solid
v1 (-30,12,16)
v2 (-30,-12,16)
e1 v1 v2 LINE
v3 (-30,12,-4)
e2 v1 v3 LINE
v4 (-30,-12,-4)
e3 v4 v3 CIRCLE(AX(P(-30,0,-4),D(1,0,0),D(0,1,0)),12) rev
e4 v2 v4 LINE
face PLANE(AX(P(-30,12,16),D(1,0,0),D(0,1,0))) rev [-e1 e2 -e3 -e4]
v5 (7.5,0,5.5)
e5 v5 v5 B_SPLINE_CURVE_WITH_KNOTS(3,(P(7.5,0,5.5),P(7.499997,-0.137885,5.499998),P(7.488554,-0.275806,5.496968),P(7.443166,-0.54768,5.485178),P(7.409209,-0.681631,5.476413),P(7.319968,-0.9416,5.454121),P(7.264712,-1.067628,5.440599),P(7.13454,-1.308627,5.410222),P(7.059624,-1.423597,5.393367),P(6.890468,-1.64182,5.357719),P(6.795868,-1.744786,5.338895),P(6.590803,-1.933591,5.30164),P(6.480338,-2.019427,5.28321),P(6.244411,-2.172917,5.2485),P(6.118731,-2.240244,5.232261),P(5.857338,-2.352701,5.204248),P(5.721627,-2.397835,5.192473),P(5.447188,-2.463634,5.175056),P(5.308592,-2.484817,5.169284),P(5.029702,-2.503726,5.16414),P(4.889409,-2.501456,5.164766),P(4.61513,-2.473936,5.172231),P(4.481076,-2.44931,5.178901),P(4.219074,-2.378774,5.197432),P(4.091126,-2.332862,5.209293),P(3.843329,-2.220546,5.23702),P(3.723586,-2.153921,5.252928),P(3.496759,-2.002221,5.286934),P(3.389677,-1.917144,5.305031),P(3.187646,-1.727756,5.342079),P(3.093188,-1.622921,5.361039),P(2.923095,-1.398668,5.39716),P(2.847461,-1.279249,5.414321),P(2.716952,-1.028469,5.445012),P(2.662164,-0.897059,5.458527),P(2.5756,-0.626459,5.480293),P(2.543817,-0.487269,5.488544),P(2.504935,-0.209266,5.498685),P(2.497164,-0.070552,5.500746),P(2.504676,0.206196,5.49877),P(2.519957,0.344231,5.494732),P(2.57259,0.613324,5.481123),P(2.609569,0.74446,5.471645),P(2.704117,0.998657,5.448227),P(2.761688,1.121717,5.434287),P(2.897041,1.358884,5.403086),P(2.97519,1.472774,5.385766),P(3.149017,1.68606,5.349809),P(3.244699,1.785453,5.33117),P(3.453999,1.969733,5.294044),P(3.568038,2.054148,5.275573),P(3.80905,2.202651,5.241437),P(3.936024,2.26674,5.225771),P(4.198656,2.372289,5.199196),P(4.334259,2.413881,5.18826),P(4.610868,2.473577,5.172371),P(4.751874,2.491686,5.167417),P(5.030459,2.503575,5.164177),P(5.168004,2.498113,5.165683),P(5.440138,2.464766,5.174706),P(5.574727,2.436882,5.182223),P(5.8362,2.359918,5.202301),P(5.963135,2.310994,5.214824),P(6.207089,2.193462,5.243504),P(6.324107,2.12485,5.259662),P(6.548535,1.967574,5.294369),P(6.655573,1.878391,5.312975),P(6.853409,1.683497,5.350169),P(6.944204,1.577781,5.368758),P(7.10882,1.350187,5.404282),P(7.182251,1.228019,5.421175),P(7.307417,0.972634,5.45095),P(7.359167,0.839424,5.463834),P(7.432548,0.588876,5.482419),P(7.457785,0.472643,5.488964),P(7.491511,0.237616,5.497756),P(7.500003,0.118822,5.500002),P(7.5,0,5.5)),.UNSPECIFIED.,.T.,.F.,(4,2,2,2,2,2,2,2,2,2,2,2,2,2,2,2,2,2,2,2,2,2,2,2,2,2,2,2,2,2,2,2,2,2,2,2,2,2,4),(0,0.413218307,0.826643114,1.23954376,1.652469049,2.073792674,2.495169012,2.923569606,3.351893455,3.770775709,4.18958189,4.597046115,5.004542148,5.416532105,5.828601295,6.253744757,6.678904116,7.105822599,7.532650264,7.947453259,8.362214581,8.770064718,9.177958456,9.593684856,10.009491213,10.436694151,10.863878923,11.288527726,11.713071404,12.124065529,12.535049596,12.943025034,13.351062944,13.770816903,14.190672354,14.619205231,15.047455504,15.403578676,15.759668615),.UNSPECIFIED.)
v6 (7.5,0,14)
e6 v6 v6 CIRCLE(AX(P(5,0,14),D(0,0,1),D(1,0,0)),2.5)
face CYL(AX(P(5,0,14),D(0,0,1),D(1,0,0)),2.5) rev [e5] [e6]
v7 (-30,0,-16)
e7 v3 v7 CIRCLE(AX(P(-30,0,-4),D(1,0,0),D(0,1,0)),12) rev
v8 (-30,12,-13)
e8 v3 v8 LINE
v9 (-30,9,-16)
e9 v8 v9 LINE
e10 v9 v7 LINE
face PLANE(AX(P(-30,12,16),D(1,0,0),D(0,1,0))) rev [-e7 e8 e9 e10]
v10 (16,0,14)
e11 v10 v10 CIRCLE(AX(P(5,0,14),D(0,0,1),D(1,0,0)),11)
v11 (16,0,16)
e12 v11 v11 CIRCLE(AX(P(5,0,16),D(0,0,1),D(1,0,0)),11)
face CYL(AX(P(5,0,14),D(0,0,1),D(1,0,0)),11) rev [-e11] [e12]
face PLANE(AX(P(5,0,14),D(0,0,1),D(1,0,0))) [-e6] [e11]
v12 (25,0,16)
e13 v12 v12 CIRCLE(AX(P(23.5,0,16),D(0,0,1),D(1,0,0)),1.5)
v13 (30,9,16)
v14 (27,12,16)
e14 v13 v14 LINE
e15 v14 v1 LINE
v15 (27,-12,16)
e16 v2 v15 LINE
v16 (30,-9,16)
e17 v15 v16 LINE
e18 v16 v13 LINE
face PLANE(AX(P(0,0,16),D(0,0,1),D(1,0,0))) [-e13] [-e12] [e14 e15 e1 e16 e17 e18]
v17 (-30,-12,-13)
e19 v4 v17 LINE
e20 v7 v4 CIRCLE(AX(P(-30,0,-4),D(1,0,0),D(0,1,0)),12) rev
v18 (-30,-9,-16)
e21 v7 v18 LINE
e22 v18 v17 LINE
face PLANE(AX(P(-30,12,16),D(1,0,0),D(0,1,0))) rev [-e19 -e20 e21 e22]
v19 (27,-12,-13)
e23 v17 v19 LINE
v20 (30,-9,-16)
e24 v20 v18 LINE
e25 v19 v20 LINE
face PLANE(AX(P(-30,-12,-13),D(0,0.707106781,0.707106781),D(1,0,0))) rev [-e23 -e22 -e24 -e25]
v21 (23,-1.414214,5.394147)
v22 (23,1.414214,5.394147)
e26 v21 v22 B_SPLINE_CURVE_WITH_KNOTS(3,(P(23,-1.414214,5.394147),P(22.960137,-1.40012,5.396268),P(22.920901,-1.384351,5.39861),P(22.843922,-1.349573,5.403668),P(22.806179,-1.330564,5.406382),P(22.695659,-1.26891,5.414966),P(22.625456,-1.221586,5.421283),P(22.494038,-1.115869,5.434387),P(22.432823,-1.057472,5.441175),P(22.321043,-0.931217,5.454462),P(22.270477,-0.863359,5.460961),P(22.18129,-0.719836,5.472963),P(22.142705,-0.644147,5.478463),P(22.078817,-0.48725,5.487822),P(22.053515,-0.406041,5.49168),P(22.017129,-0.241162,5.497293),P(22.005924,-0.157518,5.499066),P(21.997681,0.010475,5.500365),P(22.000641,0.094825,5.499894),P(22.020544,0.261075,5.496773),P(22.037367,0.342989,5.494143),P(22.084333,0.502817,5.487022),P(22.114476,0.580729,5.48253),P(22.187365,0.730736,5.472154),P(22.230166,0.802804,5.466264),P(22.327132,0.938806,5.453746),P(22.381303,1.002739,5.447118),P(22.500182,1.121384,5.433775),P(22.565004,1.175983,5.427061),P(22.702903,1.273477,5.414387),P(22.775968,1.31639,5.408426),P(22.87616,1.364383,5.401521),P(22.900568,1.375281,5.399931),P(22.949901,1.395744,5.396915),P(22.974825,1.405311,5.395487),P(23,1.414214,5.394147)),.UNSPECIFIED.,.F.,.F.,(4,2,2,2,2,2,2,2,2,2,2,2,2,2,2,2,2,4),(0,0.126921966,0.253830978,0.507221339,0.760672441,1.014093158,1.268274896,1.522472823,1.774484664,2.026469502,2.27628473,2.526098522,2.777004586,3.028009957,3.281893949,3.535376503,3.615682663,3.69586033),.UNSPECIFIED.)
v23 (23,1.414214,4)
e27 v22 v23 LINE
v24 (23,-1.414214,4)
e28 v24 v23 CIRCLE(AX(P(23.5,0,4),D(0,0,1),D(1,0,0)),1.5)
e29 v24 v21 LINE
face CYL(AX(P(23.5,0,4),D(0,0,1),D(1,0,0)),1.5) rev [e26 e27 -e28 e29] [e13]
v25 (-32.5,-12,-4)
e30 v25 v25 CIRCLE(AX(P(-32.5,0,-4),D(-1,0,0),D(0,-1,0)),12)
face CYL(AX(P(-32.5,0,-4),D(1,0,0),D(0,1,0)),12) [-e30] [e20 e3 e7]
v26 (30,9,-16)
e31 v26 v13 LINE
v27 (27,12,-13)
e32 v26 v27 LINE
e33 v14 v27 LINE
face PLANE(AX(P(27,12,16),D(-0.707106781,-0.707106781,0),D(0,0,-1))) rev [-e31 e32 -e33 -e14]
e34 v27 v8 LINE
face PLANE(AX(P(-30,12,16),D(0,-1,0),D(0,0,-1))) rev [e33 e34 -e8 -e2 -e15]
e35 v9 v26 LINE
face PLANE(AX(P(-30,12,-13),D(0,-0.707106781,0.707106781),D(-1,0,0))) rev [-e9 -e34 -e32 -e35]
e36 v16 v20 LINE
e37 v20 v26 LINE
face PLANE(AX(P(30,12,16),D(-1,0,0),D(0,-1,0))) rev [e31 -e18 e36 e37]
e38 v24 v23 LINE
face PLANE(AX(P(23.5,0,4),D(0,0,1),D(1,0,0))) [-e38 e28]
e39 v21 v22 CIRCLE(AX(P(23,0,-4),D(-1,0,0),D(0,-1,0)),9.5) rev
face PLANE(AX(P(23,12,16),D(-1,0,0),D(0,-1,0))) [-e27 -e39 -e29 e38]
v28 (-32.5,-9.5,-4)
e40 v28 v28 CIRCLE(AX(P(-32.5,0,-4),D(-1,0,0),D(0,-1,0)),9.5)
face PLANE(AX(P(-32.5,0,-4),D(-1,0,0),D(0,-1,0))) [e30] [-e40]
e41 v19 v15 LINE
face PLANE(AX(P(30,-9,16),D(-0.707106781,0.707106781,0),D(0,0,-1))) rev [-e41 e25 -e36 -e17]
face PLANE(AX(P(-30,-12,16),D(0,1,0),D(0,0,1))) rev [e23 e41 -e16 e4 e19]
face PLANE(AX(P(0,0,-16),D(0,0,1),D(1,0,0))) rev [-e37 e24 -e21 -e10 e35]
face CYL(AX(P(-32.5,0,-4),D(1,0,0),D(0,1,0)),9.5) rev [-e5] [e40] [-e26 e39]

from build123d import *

# Parameters (mm, degrees)
SKETCH1_W             = 60
SKETCH1_H             = 24
BOSS_EXTRUDE1_DEPTH   = 16
CHAMFER1_SIZE         = 3
SKETCH2_R             = 11
CUT_EXTRUDE1_DEPTH    = 2
SKETCH3_R             = 12
SKETCH3_R_2           = 9.5
BOSS_EXTRUDE2_DEPTH   = 2.5
CUT_EXTRUDE2_START    = -53
SKETCH4_R             = 9.5
CUT_EXTRUDE2_DEPTH    = 53
CHAMFER2_SIZE         = 3
SKETCH5_R             = 1.5
CUT_EXTRUDE3_DEPTH    = 12
M6_TAPPED_HOLE1_D     = 5
M6_TAPPED_HOLE1_DEPTH = 12
M6_TAPPED_HOLE1_TIP   = 1.502151548


with BuildPart() as part:
    # Sketch1 → Boss-Extrude1 (new, symmetric)
    with BuildSketch(Plane.XY):
        Rectangle(SKETCH1_W, SKETCH1_H)
    extrude(amount=BOSS_EXTRUDE1_DEPTH, both=True)

    # Chamfer1
    chamfer1_edges = [part.edges().sort_by_distance(p)[0] for p in [
        (30, -12, 0),
        (30, 12, 0),
    ]]
    chamfer(chamfer1_edges, length=CHAMFER1_SIZE)

    # Sketch2 → Cut-Extrude1 (cut)
    with BuildSketch(Plane.XY.offset(16)):
        with Locations((5, 0)):
            Circle(SKETCH2_R)
    extrude(amount=-CUT_EXTRUDE1_DEPTH, mode=Mode.SUBTRACT)

    # Sketch3 → Boss-Extrude2 (add, symmetric)
    with BuildSketch(Plane.ZY.offset(30)):
        with Locations(Location((-4, 0, 0), (0, 0, 270))):
            Circle(SKETCH3_R)
        with Locations(Location((-4, 0, 0), (0, 0, 90))):
            Circle(SKETCH3_R_2, mode=Mode.SUBTRACT)
    extrude(amount=BOSS_EXTRUDE2_DEPTH, both=True)

    # Sketch4 → Cut-Extrude2 (cut)
    with BuildSketch(Plane.ZY.offset(30).offset(CUT_EXTRUDE2_START)):
        with Locations(Location((-4, 0, 0), (0, 0, 270))):
            Circle(SKETCH4_R)
    extrude(amount=CUT_EXTRUDE2_DEPTH, mode=Mode.SUBTRACT)

    # Chamfer2
    chamfer2_edges = [part.edges().sort_by_distance(p)[0] for p in [
        (-1.5, -12, -16),
        (-1.5, 12, -16),
    ]]
    chamfer(chamfer2_edges, length=CHAMFER2_SIZE)

    # Sketch5 → Cut-Extrude3 (cut)
    with BuildSketch(Plane.XY.offset(16)):
        with Locations((23.5, 0)):
            Circle(SKETCH5_R)
    extrude(amount=-CUT_EXTRUDE3_DEPTH, mode=Mode.SUBTRACT)

    # M6 Tapped Hole1
    with Locations(Plane.XY.offset(14)):
        with Locations((5, 0)):
            Hole(M6_TAPPED_HOLE1_D / 2, depth=M6_TAPPED_HOLE1_DEPTH)
            with Locations((0, 0, -(M6_TAPPED_HOLE1_DEPTH + M6_TAPPED_HOLE1_TIP / 2))):  # 118° drill point
                Cone(0, M6_TAPPED_HOLE1_D / 2, M6_TAPPED_HOLE1_TIP, mode=Mode.SUBTRACT)


solid = part.part
